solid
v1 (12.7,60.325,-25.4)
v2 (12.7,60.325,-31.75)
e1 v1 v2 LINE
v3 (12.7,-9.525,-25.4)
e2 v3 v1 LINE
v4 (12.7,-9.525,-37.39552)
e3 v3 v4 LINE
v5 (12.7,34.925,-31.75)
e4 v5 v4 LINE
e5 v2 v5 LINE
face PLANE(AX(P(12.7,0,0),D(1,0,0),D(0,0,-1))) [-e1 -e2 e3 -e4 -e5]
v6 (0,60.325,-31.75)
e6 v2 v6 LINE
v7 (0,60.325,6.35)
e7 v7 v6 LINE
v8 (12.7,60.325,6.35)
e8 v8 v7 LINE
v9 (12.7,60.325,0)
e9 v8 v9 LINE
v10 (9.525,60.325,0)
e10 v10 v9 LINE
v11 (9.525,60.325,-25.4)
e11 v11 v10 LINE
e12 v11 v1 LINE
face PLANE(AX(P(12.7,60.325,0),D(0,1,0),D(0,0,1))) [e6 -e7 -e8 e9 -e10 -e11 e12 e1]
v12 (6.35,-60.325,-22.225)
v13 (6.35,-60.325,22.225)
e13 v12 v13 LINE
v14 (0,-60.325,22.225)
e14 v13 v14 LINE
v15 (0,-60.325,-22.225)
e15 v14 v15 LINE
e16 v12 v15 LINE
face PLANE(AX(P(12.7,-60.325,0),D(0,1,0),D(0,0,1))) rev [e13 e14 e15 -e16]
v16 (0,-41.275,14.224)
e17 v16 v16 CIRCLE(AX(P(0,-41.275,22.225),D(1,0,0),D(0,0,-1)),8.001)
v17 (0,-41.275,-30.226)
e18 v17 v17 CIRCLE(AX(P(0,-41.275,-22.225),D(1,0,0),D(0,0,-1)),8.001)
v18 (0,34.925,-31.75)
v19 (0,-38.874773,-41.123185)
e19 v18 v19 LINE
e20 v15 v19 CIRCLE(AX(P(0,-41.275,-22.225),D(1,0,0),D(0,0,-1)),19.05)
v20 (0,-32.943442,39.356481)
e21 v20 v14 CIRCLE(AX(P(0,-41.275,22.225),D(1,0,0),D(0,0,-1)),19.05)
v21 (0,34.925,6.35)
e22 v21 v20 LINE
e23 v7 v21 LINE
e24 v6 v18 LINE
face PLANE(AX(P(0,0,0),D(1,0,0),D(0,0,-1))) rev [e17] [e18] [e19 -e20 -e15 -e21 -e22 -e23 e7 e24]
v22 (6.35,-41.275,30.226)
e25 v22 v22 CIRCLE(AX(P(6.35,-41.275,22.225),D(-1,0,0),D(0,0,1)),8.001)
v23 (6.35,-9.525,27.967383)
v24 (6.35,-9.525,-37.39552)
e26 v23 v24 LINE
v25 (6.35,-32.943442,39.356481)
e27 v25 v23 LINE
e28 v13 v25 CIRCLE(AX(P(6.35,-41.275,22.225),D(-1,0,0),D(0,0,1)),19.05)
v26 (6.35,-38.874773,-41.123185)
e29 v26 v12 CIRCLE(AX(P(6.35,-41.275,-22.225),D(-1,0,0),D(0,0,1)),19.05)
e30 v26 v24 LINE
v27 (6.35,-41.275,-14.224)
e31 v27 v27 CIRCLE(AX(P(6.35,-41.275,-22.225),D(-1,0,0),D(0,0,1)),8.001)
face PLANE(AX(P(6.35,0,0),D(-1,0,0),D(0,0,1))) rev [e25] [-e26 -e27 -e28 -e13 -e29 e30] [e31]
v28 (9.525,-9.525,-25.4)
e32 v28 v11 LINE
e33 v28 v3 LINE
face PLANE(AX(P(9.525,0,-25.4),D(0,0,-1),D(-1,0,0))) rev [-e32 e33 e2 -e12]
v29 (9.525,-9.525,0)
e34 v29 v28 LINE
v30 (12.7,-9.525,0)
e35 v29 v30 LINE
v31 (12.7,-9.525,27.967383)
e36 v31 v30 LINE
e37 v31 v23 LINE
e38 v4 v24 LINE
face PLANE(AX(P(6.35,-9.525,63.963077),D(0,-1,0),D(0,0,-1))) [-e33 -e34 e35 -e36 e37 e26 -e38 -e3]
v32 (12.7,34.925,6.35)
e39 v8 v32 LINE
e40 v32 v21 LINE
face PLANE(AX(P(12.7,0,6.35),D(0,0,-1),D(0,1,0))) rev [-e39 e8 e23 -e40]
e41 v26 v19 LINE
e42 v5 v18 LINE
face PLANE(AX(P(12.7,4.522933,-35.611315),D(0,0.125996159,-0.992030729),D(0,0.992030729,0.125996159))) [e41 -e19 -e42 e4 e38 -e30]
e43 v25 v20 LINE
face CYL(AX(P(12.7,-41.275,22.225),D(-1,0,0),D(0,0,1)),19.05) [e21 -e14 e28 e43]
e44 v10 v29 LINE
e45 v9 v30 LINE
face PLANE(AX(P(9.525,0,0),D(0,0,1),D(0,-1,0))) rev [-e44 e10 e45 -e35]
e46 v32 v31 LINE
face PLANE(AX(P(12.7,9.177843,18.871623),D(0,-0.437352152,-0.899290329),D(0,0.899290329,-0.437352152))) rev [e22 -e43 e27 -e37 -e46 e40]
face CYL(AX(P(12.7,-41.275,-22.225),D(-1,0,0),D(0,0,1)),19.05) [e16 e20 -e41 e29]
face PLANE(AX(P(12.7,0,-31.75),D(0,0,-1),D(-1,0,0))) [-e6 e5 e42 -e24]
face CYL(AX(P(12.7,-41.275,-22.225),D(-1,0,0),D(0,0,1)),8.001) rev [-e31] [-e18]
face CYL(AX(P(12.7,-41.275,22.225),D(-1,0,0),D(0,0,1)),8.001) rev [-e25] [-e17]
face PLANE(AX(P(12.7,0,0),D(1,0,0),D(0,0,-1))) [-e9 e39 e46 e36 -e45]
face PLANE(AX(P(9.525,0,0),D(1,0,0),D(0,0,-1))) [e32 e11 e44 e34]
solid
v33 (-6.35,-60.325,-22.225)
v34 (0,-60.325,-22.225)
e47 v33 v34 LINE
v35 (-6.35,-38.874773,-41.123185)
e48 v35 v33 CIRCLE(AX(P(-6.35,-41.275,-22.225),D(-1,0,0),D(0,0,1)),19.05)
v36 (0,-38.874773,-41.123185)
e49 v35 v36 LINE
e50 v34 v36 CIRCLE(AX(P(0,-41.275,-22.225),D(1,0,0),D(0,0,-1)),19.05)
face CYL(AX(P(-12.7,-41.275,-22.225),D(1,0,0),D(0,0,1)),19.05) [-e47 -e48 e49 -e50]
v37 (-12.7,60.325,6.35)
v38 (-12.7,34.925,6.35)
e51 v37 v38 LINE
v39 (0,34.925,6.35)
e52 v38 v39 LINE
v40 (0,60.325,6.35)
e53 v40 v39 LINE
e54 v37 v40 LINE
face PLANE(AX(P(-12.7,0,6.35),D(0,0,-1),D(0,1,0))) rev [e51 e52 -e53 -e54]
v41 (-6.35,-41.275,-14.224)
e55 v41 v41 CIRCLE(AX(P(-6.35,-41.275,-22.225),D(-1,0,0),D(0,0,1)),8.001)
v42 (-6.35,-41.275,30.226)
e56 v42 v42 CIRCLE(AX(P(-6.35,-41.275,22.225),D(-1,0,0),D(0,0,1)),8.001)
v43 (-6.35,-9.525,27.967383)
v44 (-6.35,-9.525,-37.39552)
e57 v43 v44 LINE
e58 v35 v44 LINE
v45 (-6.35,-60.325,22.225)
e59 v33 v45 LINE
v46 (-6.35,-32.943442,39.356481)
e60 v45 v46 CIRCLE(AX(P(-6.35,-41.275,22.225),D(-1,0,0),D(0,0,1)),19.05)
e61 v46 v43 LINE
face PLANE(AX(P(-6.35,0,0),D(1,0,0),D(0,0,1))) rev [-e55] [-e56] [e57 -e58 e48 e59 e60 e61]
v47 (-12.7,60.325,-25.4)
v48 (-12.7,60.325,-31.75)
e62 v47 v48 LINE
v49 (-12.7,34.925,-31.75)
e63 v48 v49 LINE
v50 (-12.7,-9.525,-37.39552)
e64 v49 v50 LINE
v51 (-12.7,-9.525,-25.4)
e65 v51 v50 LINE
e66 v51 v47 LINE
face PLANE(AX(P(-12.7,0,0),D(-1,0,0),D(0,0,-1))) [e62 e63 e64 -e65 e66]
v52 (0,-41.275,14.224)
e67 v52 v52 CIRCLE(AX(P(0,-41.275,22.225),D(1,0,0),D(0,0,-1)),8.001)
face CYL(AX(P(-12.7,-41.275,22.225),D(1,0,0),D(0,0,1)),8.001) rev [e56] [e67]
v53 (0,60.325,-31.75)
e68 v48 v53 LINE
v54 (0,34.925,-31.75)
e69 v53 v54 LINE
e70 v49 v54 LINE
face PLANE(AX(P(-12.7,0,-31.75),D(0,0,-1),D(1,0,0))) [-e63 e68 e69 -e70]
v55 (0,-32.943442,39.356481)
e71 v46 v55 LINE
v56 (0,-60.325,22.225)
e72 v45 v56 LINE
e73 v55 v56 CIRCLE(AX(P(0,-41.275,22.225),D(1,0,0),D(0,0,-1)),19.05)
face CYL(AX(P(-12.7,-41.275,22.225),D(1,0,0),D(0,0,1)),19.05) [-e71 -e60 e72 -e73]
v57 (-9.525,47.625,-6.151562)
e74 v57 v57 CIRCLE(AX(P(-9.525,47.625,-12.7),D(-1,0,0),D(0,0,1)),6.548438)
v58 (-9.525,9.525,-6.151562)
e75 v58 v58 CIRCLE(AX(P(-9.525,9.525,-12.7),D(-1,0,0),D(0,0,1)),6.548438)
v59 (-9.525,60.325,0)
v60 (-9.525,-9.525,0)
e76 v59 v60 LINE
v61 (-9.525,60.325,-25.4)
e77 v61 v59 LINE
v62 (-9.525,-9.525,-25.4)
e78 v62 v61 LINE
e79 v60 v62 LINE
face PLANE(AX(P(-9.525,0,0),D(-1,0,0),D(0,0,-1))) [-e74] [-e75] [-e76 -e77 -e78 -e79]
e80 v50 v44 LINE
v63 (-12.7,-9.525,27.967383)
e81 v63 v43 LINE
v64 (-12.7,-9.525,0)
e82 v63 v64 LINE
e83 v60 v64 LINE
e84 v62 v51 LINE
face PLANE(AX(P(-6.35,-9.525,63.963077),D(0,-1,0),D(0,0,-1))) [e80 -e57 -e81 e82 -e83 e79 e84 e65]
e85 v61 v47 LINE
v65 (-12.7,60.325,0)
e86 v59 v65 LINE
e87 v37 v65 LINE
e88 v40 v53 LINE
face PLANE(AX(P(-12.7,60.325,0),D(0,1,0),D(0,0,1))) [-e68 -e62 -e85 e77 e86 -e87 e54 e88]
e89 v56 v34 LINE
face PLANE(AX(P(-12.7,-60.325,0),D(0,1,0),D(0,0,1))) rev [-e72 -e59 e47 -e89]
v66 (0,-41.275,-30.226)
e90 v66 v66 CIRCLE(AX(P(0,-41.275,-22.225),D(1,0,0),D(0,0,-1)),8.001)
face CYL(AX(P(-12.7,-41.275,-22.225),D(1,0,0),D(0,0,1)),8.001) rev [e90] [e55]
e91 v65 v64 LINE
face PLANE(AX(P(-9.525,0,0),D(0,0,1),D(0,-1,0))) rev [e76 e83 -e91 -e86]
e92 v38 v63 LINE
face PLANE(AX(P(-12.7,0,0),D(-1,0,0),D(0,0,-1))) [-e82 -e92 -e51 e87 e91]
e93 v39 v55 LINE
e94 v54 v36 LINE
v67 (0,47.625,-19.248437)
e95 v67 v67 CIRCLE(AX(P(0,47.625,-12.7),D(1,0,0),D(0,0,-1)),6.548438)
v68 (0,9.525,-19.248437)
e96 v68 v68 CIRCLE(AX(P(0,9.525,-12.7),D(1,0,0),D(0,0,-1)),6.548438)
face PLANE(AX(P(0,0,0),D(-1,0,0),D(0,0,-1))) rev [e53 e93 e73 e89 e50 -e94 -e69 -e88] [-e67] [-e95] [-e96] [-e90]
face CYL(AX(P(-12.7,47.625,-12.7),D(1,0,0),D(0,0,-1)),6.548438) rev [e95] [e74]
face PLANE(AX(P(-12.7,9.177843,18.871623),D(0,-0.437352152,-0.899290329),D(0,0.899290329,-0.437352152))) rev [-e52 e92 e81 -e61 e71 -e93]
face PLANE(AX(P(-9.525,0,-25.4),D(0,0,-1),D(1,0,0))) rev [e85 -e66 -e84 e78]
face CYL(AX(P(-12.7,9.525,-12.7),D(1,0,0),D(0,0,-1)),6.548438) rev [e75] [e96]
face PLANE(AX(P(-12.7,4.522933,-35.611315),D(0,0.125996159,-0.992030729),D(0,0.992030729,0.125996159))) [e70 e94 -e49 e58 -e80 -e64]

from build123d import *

# Parameters (mm, degrees)
SKETCH1_R           = 8.001
BOSS_EXTRUDE1_DEPTH = 12.7
SKETCH2_W           = 127.926153114
SKETCH2_H           = 63.5
CUT_EXTRUDE1_DEPTH  = 6.35
SKETCH2_3_W         = 25.4
SKETCH2_3_H         = 69.85
CUT_EXTRUDE2_DEPTH  = 3.175
SKETCH3_R           = 6.5484375
CUT_EXTRUDE3_DEPTH  = 75.189091179


with BuildPart() as part:
    # Sketch1 → Boss-Extrude1 (new body)
    with BuildSketch(Plane(origin=(0, 0, 0), x_dir=(0, 0, -1), z_dir=(1, 0, 0))):
        with BuildLine():
            Line((-6.35, 34.925), (-39.356480762, -32.943441508))
            ThreePointArc((-39.356480762, -32.943441508), (-38.374592708, -51.379115764), (-22.225, -60.325))
            Line((-22.225, -60.325), (22.225, -60.325))
            ThreePointArc((22.225, -60.325), (36.518824209, -53.86821601), (41.123185394, -38.874773174))
            Line((41.123185394, -38.874773174), (31.75, 34.925))
            Line((31.75, 34.925), (31.75, 60.325))
            Line((31.75, 60.325), (-6.35, 60.325))
            Line((-6.35, 60.325), (-6.35, 34.925))
        make_face()
        with Locations((-22.225, -41.275)):
            Circle(SKETCH1_R, mode=Mode.SUBTRACT)
        with Locations((22.225, -41.275)):
            Circle(SKETCH1_R, mode=Mode.SUBTRACT)
    extrude(amount=BOSS_EXTRUDE1_DEPTH)

    # Sketch2 → Cut-Extrude1 (cut)
    with BuildSketch(Plane(origin=(12.7, 0, 0), x_dir=(0, 0, -1), z_dir=(1, 0, 0))):
        with Locations((0, -41.275)):
            Rectangle(SKETCH2_W, SKETCH2_H)
    extrude(amount=-CUT_EXTRUDE1_DEPTH, mode=Mode.SUBTRACT)

    # Sketch2<3> → Cut-Extrude2 (cut)
    with BuildSketch(Plane(origin=(12.7, 0, 0), x_dir=(0, 0, -1), z_dir=(1, 0, 0))):
        with Locations((12.7, 25.4)):
            Rectangle(SKETCH2_3_W, SKETCH2_3_H)
    extrude(amount=-CUT_EXTRUDE2_DEPTH, mode=Mode.SUBTRACT)


with BuildPart() as body_2:
    # Mirror1: mirrored copy
    add(part.part.mirror(Plane(origin=(0, 0, 0), x_dir=(0, 0, 1), z_dir=(1, 0, 0))))

    # Sketch3 → Cut-Extrude3 (cut, through all)
    with BuildSketch(Plane(origin=(0, 0, 0), x_dir=(0, 0, -1), z_dir=(1, 0, 0))):
        with Locations((12.7, 9.525)):
            Circle(SKETCH3_R)
        with Locations((12.7, 47.625)):
            Circle(SKETCH3_R)
    extrude(amount=-CUT_EXTRUDE3_DEPTH, mode=Mode.SUBTRACT)


solid = Compound([part.part, body_2.part])
